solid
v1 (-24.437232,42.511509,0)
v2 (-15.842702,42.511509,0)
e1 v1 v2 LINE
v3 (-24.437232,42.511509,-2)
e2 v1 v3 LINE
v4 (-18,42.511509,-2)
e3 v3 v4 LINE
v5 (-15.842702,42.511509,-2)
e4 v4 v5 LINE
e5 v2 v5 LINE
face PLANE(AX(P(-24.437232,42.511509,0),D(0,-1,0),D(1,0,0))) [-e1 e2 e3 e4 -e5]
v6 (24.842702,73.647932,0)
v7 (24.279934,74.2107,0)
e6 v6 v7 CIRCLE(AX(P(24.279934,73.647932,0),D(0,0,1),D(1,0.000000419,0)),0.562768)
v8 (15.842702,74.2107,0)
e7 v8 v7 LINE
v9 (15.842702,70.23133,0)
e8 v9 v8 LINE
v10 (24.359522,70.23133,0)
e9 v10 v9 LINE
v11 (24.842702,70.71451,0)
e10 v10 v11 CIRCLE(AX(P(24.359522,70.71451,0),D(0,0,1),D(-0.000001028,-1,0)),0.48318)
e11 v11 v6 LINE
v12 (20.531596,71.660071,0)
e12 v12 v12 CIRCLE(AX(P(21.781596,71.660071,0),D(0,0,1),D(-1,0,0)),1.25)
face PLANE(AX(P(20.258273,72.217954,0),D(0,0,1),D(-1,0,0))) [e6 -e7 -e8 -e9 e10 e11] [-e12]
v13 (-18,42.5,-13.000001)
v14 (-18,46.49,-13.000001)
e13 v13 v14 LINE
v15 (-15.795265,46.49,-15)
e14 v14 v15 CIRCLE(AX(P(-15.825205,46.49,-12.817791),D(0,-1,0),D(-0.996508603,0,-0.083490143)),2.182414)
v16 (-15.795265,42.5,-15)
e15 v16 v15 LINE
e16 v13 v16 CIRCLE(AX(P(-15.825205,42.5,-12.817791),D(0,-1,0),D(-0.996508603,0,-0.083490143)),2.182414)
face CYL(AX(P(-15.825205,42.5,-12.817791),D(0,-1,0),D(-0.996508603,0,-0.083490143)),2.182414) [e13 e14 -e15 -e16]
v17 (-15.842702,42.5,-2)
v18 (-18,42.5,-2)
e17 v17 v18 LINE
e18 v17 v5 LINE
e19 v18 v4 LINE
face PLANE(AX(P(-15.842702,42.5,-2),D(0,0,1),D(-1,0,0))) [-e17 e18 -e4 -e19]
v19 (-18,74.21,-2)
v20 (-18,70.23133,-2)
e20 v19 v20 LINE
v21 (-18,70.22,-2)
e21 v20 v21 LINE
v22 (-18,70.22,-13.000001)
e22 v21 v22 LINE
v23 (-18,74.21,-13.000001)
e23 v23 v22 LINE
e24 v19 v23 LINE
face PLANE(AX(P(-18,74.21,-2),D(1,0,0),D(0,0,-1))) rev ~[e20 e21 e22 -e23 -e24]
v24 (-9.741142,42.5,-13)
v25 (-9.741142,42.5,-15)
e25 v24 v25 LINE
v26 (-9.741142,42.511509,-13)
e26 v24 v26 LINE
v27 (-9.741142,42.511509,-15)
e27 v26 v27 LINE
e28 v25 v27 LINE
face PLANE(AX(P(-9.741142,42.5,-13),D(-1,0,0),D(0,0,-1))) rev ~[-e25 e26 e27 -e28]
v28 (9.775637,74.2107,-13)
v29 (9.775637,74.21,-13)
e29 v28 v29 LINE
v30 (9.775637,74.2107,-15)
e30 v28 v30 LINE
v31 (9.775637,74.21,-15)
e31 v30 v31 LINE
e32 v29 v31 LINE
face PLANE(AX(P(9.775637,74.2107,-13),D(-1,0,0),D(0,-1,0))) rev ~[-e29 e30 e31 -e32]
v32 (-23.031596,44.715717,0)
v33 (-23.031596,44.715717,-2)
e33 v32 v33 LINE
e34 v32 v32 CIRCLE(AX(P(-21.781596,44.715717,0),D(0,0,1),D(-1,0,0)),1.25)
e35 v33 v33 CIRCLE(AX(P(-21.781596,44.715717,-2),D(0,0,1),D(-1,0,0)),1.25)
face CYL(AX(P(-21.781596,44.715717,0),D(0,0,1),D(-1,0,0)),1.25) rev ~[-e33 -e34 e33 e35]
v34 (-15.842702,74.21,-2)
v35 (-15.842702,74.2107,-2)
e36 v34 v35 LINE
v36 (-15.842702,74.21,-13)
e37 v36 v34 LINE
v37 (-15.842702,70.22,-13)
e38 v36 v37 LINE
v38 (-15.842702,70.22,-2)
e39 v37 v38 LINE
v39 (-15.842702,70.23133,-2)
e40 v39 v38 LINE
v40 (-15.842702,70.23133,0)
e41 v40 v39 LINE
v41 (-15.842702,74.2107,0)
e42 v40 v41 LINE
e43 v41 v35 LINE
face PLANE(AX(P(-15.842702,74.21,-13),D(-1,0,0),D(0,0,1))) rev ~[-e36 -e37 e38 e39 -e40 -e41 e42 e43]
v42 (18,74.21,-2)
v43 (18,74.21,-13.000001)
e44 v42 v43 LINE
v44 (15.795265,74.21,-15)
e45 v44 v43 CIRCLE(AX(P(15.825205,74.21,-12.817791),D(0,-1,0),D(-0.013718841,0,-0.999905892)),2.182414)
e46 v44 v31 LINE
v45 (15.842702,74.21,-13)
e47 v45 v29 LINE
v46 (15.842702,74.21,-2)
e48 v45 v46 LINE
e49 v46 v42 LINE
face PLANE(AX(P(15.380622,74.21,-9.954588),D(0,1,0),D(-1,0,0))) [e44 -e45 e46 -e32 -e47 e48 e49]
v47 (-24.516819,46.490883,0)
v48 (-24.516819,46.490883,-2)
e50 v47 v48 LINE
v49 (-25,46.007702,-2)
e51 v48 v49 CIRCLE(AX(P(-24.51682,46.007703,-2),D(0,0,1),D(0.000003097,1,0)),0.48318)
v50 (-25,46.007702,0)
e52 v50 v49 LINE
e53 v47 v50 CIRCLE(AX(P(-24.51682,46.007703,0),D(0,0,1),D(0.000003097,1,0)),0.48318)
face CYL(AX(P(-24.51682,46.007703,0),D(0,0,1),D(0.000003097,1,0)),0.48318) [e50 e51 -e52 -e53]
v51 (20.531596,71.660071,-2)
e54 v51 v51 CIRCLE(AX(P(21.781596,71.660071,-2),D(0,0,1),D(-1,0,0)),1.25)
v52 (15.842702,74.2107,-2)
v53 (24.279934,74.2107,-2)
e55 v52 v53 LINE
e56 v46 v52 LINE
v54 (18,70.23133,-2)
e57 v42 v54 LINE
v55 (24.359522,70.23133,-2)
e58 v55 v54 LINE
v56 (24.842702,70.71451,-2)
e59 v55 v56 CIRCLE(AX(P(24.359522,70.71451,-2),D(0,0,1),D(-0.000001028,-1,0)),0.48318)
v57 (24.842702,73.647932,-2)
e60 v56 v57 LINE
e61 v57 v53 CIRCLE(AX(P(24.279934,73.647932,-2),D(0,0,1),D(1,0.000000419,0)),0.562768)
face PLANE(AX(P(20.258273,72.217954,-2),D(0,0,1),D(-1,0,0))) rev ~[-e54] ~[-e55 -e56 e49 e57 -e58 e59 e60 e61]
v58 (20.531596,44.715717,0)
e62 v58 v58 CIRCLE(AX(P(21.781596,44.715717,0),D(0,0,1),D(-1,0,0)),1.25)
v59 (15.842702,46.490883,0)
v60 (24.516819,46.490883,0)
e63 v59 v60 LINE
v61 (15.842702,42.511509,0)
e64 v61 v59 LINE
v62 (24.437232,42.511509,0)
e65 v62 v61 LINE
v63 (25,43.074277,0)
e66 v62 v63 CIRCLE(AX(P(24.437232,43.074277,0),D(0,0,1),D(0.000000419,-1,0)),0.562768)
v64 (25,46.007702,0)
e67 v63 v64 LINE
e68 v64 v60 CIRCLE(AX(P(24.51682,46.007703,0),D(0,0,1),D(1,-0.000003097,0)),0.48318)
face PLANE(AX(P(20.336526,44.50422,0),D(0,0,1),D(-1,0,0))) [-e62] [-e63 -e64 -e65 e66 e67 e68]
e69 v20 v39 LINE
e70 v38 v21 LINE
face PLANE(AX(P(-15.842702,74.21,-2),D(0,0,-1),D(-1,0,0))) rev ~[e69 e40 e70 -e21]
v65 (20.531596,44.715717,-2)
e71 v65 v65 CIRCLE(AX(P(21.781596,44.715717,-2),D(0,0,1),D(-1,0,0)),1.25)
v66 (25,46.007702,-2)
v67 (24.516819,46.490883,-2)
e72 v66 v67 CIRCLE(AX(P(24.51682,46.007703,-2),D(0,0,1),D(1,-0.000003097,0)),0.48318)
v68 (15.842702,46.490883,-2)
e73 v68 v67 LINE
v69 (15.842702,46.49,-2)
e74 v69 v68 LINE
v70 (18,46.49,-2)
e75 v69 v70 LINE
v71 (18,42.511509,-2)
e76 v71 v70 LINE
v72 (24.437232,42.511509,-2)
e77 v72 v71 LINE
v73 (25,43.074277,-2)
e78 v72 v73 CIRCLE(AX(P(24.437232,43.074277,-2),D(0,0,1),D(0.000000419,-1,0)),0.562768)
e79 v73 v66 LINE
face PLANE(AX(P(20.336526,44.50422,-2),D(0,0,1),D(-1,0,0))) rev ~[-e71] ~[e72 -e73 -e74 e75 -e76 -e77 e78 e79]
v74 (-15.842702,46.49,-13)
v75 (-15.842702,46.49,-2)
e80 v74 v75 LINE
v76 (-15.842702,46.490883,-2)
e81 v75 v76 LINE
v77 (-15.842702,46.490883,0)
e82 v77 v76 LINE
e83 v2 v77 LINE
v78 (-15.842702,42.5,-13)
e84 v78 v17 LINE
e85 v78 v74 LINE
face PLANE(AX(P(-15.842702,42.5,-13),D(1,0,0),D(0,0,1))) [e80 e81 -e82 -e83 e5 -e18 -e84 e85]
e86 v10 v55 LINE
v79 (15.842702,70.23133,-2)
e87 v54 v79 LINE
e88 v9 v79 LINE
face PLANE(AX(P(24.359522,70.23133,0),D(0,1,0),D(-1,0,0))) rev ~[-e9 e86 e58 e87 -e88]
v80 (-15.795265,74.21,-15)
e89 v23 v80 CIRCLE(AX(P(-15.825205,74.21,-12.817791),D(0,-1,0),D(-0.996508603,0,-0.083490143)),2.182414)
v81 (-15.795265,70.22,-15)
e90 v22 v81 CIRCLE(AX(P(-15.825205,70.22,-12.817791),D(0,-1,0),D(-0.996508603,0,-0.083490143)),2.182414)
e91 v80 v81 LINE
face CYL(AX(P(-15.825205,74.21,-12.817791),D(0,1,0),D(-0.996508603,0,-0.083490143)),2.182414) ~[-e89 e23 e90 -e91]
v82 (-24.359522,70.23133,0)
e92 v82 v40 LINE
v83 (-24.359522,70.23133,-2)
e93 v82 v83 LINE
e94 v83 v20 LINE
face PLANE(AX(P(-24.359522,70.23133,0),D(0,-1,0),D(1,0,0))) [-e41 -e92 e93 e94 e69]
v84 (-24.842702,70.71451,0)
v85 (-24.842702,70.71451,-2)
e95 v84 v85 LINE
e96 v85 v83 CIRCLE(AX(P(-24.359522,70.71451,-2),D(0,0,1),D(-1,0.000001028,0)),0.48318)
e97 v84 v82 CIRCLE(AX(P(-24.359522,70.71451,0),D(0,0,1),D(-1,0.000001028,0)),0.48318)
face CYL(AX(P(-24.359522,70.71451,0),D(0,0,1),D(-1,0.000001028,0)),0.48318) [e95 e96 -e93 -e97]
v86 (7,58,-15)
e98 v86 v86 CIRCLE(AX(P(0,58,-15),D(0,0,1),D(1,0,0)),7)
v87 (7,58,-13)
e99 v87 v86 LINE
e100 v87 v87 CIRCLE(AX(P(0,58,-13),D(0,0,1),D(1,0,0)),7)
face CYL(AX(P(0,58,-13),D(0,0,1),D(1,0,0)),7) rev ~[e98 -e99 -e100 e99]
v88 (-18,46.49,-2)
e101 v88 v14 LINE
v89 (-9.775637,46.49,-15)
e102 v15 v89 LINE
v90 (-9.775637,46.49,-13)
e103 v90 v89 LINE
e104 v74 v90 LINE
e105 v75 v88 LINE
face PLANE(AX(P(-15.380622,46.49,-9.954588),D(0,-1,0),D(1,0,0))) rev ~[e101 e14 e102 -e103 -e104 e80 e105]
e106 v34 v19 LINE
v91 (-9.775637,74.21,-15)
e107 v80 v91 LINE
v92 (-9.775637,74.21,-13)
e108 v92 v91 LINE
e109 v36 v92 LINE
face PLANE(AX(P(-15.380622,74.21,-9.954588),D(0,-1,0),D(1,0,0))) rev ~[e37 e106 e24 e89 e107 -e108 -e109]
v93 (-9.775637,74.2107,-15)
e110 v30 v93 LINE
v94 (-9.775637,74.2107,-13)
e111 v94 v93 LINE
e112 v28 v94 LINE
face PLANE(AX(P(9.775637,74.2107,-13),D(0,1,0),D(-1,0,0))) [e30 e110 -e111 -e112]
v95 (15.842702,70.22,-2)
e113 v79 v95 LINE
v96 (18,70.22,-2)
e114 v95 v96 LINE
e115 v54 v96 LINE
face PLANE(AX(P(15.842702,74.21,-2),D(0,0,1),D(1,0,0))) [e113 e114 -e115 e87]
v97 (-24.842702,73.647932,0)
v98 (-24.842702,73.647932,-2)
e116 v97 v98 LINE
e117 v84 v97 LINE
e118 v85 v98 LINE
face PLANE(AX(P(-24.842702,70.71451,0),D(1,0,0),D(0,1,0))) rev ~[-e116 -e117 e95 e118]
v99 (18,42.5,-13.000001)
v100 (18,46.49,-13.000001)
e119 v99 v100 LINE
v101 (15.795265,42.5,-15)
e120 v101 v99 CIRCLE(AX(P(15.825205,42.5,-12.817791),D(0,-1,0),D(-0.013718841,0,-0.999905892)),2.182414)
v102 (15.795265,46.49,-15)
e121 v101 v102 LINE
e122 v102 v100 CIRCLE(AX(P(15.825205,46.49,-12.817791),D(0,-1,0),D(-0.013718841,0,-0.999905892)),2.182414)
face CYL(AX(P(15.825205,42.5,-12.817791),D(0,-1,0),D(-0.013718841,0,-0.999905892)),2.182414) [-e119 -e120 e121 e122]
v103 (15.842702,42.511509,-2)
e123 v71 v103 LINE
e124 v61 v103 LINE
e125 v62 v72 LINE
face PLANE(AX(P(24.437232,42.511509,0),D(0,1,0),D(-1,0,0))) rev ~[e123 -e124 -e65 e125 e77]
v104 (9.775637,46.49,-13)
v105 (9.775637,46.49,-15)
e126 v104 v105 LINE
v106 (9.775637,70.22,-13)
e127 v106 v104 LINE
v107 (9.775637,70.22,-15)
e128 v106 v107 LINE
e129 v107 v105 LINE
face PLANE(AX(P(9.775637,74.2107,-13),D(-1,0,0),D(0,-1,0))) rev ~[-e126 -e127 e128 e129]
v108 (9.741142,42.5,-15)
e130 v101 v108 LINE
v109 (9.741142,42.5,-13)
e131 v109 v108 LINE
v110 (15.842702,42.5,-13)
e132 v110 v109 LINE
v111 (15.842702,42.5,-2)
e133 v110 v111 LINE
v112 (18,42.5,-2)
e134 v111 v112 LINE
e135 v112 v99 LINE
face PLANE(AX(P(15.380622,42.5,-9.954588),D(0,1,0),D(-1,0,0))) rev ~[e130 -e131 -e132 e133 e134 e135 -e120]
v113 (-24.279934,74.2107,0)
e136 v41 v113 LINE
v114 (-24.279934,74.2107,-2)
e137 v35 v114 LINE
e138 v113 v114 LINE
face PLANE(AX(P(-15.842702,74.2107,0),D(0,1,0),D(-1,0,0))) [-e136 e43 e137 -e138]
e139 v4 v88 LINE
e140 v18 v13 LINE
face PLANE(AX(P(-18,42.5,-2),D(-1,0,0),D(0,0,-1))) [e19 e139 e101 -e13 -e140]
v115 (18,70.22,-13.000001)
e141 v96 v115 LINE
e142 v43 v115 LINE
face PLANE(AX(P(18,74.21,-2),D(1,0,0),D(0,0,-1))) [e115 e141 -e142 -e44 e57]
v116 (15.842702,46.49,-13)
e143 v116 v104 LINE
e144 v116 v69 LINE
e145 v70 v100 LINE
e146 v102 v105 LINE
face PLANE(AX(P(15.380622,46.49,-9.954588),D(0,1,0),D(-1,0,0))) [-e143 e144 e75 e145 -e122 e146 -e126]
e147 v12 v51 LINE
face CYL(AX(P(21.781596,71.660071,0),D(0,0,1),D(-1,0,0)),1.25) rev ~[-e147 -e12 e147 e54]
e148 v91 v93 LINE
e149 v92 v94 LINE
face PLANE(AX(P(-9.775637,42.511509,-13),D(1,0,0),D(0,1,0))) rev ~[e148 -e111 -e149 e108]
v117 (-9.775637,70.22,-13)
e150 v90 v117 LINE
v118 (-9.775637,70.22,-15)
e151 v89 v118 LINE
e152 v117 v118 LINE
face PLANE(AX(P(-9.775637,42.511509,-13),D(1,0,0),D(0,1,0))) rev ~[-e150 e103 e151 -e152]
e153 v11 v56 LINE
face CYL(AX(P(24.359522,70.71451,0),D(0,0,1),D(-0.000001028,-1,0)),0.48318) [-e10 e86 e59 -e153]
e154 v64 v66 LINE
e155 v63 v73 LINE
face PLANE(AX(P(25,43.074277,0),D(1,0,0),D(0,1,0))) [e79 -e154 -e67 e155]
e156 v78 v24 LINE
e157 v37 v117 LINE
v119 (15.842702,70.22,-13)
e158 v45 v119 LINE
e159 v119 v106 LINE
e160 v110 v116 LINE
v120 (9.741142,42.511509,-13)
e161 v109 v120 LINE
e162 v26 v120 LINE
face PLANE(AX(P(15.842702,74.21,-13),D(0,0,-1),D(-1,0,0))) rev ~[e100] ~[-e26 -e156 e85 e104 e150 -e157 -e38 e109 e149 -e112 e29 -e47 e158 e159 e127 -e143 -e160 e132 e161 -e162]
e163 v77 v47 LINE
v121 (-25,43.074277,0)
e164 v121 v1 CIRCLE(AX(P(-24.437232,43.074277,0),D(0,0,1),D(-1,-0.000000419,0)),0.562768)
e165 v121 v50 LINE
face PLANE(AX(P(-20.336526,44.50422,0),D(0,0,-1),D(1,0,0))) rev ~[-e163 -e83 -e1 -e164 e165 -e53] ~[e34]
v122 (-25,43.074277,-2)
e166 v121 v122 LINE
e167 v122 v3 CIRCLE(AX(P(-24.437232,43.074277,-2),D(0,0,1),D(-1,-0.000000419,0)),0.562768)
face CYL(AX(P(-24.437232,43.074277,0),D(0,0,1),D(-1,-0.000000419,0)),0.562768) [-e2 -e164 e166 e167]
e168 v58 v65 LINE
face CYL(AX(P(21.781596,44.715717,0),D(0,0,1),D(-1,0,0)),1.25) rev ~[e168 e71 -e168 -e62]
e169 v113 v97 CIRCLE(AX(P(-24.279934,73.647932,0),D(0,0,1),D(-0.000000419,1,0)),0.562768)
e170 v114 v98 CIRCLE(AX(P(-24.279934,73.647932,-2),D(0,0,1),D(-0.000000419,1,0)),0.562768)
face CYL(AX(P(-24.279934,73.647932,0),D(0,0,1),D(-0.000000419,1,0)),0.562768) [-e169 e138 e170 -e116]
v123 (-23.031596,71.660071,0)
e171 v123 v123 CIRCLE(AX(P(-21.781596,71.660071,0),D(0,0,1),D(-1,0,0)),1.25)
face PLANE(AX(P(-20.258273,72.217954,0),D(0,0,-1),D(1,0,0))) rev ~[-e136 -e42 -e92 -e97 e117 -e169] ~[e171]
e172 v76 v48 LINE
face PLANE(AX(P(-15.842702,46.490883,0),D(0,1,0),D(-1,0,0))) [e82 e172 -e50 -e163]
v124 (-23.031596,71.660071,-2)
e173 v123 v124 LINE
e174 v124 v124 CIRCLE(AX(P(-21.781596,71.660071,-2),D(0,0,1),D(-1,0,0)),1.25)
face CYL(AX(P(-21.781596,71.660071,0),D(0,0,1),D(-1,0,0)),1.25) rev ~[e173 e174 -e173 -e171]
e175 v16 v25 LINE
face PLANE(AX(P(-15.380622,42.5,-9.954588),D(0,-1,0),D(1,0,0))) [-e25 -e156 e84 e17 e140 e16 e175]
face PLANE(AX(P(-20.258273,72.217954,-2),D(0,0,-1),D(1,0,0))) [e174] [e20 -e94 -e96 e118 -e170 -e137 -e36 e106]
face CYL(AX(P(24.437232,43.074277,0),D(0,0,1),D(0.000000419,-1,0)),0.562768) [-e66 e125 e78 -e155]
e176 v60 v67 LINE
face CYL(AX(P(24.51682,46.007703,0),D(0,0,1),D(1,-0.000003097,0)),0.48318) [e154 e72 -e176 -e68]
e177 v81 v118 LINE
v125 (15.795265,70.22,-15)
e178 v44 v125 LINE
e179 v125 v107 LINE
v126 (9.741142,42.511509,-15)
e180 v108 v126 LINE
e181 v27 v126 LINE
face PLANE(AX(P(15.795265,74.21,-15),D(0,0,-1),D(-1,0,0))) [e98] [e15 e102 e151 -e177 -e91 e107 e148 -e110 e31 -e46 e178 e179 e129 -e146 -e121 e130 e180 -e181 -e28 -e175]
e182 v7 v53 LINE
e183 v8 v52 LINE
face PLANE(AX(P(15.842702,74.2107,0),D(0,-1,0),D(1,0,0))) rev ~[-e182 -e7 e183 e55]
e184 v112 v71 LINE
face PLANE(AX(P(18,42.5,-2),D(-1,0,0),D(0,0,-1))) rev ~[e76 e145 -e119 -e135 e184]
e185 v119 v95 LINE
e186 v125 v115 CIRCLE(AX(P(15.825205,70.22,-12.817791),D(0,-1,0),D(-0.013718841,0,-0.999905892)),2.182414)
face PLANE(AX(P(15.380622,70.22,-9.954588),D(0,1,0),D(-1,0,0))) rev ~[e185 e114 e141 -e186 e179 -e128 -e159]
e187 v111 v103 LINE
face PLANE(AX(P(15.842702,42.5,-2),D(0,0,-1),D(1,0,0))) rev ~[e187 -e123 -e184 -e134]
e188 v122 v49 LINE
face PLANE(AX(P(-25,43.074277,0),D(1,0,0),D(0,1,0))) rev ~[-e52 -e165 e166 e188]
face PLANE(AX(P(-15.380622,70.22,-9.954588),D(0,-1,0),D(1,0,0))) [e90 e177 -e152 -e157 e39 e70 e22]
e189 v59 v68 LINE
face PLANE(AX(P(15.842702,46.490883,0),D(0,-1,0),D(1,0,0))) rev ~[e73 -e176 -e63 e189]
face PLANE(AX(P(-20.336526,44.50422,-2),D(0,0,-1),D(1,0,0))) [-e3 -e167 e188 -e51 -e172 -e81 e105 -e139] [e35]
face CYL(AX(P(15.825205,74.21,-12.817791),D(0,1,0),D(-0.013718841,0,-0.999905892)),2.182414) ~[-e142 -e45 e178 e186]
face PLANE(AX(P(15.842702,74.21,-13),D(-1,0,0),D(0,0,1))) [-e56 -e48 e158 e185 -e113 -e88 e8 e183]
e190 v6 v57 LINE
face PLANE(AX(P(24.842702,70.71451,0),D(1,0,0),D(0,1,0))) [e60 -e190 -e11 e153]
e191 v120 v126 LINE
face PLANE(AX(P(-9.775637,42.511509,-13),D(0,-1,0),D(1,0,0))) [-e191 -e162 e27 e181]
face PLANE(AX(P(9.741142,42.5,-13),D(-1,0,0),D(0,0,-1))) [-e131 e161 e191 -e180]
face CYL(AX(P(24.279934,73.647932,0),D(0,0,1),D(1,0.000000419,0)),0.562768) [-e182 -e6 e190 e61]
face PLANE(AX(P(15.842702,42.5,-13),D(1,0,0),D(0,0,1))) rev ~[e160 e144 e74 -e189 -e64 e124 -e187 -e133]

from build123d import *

# Parameters (mm, degrees)
SKETCH076_R  = 7
PAD046_DEPTH = 2
PAD047_DEPTH = 3.99
PAD048_DEPTH = 3.99
SKETCH_R     = 1.25
PAD_DEPTH    = 2


with BuildPart() as pad046:
    # Sketch076 → Pad046 (new body)
    with BuildSketch(Plane.XY.offset(-13)):
        Polygon((-9.775637, 74.2107), (0, 74.2107), (9.775637, 74.2107), (9.775637, 42.511509), (0, 42.511509), (-9.775637, 42.511509), align=None)
        with Locations((0, 58)):
            Circle(SKETCH076_R, mode=Mode.SUBTRACT)
    extrude(amount=-PAD046_DEPTH)


with BuildPart() as pad047:
    # Sketch077 → Pad047 (new body)
    with BuildSketch(Plane.XZ.offset(-42.5)):
        with BuildLine():
            Line((-15.842702, -2), (-18, -2))
            Line((-18, -2), (-18, -13.000001))
            ThreePointArc((-18, -13.000001), (-17.291527, -14.434217), (-15.795265, -15))
            Line((-15.795265, -15), (-9.741142, -15))
            Line((-9.741142, -13), (-9.741142, -15))
            Line((-15.842702, -13), (-9.741142, -13))
            Line((-15.842702, -13), (-15.842702, -2))
        make_face()
        with BuildLine():
            Line((15.842702, -2), (18, -2))
            Line((18, -2), (18, -13.000001))
            ThreePointArc((15.795265, -15), (17.291527, -14.434217), (18, -13.000001))
            Line((15.795265, -15), (9.741142, -15))
            Line((9.741142, -13), (9.741142, -15))
            Line((15.842702, -13), (9.741142, -13))
            Line((15.842702, -13), (15.842702, -2))
        make_face()
    extrude(amount=-PAD047_DEPTH)


with BuildPart() as pad048:
    # Sketch078 → Pad048 (new body)
    with BuildSketch(Plane.XZ.offset(-74.21)):
        with BuildLine():
            Line((-15.842702, -2), (-18, -2))
            Line((-18, -2), (-18, -13.000001))
            ThreePointArc((-18, -13.000001), (-17.291527, -14.434217), (-15.795265, -15))
            Line((-15.795265, -15), (-9.741142, -15))
            Line((-9.741142, -13), (-9.741142, -15))
            Line((-15.842702, -13), (-9.741142, -13))
            Line((-15.842702, -13), (-15.842702, -2))
        make_face()
        with BuildLine():
            Line((15.842702, -2), (18, -2))
            Line((18, -2), (18, -13.000001))
            ThreePointArc((15.795265, -15), (17.291527, -14.434217), (18, -13.000001))
            Line((15.795265, -15), (9.741142, -15))
            Line((9.741142, -13), (9.741142, -15))
            Line((15.842702, -13), (9.741142, -13))
            Line((15.842702, -13), (15.842702, -2))
        make_face()
    extrude(amount=PAD048_DEPTH)


with BuildPart() as battery_holder001:
    # Sketch → Pad (new body)
    with BuildSketch(Plane(origin=(0, 0, 0), x_dir=(-1, 0, 0), z_dir=(0, 0, 1))):
        with BuildLine():
            Line((-25, -43.074277), (-25, -46.007702))
            ThreePointArc((-25, -46.007702), (-24.85848, -46.349363), (-24.516819, -46.490883))
            Line((-15.842702, -46.490883), (-24.516819, -46.490883))
            Line((-15.842702, -42.511509), (-15.842702, -46.490883))
            Line((-24.437232, -42.511509), (-15.842702, -42.511509))
            ThreePointArc((-24.437232, -42.511509), (-24.835169, -42.67634), (-25, -43.074277))
        make_face()
        with Locations((-21.781596, -44.715717)):
            Circle(SKETCH_R, mode=Mode.SUBTRACT)
        with BuildLine():
            Line((-24.842702, -70.71451), (-24.842702, -73.647932))
            ThreePointArc((-24.842702, -73.647932), (-24.677871, -74.045869), (-24.279934, -74.2107))
            Line((-15.842702, -74.2107), (-24.279934, -74.2107))
            Line((-15.842702, -70.23133), (-15.842702, -74.2107))
            Line((-24.359522, -70.23133), (-15.842702, -70.23133))
            ThreePointArc((-24.359522, -70.23133), (-24.701182, -70.37285), (-24.842702, -70.71451))
        make_face()
        with Locations((-21.781596, -71.660071)):
            Circle(SKETCH_R, mode=Mode.SUBTRACT)
        with BuildLine():
            Line((25, -43.074277), (25, -46.007702))
            ThreePointArc((24.516819, -46.490883), (24.85848, -46.349363), (25, -46.007702))
            Line((15.842702, -46.490883), (24.516819, -46.490883))
            Line((15.842702, -42.511509), (15.842702, -46.490883))
            Line((24.437232, -42.511509), (15.842702, -42.511509))
            ThreePointArc((25, -43.074277), (24.835169, -42.67634), (24.437232, -42.511509))
        make_face()
        with Locations((21.781596, -44.715717)):
            Circle(SKETCH_R, mode=Mode.SUBTRACT)
        with BuildLine():
            Line((24.842702, -70.71451), (24.842702, -73.647932))
            ThreePointArc((24.279934, -74.2107), (24.677871, -74.045869), (24.842702, -73.647932))
            Line((15.842702, -74.2107), (24.279934, -74.2107))
            Line((15.842702, -70.23133), (15.842702, -74.2107))
            Line((24.359522, -70.23133), (15.842702, -70.23133))
            ThreePointArc((24.842702, -70.71451), (24.701182, -70.37285), (24.359522, -70.23133))
        make_face()
        with Locations((21.781596, -71.660071)):
            Circle(SKETCH_R, mode=Mode.SUBTRACT)
    extrude(amount=-PAD_DEPTH)

    # Fusion: union Pad046, Pad047, Pad048
    add(pad046.part)
    add(pad047.part)
    add(pad048.part)


solid = battery_holder001.part
